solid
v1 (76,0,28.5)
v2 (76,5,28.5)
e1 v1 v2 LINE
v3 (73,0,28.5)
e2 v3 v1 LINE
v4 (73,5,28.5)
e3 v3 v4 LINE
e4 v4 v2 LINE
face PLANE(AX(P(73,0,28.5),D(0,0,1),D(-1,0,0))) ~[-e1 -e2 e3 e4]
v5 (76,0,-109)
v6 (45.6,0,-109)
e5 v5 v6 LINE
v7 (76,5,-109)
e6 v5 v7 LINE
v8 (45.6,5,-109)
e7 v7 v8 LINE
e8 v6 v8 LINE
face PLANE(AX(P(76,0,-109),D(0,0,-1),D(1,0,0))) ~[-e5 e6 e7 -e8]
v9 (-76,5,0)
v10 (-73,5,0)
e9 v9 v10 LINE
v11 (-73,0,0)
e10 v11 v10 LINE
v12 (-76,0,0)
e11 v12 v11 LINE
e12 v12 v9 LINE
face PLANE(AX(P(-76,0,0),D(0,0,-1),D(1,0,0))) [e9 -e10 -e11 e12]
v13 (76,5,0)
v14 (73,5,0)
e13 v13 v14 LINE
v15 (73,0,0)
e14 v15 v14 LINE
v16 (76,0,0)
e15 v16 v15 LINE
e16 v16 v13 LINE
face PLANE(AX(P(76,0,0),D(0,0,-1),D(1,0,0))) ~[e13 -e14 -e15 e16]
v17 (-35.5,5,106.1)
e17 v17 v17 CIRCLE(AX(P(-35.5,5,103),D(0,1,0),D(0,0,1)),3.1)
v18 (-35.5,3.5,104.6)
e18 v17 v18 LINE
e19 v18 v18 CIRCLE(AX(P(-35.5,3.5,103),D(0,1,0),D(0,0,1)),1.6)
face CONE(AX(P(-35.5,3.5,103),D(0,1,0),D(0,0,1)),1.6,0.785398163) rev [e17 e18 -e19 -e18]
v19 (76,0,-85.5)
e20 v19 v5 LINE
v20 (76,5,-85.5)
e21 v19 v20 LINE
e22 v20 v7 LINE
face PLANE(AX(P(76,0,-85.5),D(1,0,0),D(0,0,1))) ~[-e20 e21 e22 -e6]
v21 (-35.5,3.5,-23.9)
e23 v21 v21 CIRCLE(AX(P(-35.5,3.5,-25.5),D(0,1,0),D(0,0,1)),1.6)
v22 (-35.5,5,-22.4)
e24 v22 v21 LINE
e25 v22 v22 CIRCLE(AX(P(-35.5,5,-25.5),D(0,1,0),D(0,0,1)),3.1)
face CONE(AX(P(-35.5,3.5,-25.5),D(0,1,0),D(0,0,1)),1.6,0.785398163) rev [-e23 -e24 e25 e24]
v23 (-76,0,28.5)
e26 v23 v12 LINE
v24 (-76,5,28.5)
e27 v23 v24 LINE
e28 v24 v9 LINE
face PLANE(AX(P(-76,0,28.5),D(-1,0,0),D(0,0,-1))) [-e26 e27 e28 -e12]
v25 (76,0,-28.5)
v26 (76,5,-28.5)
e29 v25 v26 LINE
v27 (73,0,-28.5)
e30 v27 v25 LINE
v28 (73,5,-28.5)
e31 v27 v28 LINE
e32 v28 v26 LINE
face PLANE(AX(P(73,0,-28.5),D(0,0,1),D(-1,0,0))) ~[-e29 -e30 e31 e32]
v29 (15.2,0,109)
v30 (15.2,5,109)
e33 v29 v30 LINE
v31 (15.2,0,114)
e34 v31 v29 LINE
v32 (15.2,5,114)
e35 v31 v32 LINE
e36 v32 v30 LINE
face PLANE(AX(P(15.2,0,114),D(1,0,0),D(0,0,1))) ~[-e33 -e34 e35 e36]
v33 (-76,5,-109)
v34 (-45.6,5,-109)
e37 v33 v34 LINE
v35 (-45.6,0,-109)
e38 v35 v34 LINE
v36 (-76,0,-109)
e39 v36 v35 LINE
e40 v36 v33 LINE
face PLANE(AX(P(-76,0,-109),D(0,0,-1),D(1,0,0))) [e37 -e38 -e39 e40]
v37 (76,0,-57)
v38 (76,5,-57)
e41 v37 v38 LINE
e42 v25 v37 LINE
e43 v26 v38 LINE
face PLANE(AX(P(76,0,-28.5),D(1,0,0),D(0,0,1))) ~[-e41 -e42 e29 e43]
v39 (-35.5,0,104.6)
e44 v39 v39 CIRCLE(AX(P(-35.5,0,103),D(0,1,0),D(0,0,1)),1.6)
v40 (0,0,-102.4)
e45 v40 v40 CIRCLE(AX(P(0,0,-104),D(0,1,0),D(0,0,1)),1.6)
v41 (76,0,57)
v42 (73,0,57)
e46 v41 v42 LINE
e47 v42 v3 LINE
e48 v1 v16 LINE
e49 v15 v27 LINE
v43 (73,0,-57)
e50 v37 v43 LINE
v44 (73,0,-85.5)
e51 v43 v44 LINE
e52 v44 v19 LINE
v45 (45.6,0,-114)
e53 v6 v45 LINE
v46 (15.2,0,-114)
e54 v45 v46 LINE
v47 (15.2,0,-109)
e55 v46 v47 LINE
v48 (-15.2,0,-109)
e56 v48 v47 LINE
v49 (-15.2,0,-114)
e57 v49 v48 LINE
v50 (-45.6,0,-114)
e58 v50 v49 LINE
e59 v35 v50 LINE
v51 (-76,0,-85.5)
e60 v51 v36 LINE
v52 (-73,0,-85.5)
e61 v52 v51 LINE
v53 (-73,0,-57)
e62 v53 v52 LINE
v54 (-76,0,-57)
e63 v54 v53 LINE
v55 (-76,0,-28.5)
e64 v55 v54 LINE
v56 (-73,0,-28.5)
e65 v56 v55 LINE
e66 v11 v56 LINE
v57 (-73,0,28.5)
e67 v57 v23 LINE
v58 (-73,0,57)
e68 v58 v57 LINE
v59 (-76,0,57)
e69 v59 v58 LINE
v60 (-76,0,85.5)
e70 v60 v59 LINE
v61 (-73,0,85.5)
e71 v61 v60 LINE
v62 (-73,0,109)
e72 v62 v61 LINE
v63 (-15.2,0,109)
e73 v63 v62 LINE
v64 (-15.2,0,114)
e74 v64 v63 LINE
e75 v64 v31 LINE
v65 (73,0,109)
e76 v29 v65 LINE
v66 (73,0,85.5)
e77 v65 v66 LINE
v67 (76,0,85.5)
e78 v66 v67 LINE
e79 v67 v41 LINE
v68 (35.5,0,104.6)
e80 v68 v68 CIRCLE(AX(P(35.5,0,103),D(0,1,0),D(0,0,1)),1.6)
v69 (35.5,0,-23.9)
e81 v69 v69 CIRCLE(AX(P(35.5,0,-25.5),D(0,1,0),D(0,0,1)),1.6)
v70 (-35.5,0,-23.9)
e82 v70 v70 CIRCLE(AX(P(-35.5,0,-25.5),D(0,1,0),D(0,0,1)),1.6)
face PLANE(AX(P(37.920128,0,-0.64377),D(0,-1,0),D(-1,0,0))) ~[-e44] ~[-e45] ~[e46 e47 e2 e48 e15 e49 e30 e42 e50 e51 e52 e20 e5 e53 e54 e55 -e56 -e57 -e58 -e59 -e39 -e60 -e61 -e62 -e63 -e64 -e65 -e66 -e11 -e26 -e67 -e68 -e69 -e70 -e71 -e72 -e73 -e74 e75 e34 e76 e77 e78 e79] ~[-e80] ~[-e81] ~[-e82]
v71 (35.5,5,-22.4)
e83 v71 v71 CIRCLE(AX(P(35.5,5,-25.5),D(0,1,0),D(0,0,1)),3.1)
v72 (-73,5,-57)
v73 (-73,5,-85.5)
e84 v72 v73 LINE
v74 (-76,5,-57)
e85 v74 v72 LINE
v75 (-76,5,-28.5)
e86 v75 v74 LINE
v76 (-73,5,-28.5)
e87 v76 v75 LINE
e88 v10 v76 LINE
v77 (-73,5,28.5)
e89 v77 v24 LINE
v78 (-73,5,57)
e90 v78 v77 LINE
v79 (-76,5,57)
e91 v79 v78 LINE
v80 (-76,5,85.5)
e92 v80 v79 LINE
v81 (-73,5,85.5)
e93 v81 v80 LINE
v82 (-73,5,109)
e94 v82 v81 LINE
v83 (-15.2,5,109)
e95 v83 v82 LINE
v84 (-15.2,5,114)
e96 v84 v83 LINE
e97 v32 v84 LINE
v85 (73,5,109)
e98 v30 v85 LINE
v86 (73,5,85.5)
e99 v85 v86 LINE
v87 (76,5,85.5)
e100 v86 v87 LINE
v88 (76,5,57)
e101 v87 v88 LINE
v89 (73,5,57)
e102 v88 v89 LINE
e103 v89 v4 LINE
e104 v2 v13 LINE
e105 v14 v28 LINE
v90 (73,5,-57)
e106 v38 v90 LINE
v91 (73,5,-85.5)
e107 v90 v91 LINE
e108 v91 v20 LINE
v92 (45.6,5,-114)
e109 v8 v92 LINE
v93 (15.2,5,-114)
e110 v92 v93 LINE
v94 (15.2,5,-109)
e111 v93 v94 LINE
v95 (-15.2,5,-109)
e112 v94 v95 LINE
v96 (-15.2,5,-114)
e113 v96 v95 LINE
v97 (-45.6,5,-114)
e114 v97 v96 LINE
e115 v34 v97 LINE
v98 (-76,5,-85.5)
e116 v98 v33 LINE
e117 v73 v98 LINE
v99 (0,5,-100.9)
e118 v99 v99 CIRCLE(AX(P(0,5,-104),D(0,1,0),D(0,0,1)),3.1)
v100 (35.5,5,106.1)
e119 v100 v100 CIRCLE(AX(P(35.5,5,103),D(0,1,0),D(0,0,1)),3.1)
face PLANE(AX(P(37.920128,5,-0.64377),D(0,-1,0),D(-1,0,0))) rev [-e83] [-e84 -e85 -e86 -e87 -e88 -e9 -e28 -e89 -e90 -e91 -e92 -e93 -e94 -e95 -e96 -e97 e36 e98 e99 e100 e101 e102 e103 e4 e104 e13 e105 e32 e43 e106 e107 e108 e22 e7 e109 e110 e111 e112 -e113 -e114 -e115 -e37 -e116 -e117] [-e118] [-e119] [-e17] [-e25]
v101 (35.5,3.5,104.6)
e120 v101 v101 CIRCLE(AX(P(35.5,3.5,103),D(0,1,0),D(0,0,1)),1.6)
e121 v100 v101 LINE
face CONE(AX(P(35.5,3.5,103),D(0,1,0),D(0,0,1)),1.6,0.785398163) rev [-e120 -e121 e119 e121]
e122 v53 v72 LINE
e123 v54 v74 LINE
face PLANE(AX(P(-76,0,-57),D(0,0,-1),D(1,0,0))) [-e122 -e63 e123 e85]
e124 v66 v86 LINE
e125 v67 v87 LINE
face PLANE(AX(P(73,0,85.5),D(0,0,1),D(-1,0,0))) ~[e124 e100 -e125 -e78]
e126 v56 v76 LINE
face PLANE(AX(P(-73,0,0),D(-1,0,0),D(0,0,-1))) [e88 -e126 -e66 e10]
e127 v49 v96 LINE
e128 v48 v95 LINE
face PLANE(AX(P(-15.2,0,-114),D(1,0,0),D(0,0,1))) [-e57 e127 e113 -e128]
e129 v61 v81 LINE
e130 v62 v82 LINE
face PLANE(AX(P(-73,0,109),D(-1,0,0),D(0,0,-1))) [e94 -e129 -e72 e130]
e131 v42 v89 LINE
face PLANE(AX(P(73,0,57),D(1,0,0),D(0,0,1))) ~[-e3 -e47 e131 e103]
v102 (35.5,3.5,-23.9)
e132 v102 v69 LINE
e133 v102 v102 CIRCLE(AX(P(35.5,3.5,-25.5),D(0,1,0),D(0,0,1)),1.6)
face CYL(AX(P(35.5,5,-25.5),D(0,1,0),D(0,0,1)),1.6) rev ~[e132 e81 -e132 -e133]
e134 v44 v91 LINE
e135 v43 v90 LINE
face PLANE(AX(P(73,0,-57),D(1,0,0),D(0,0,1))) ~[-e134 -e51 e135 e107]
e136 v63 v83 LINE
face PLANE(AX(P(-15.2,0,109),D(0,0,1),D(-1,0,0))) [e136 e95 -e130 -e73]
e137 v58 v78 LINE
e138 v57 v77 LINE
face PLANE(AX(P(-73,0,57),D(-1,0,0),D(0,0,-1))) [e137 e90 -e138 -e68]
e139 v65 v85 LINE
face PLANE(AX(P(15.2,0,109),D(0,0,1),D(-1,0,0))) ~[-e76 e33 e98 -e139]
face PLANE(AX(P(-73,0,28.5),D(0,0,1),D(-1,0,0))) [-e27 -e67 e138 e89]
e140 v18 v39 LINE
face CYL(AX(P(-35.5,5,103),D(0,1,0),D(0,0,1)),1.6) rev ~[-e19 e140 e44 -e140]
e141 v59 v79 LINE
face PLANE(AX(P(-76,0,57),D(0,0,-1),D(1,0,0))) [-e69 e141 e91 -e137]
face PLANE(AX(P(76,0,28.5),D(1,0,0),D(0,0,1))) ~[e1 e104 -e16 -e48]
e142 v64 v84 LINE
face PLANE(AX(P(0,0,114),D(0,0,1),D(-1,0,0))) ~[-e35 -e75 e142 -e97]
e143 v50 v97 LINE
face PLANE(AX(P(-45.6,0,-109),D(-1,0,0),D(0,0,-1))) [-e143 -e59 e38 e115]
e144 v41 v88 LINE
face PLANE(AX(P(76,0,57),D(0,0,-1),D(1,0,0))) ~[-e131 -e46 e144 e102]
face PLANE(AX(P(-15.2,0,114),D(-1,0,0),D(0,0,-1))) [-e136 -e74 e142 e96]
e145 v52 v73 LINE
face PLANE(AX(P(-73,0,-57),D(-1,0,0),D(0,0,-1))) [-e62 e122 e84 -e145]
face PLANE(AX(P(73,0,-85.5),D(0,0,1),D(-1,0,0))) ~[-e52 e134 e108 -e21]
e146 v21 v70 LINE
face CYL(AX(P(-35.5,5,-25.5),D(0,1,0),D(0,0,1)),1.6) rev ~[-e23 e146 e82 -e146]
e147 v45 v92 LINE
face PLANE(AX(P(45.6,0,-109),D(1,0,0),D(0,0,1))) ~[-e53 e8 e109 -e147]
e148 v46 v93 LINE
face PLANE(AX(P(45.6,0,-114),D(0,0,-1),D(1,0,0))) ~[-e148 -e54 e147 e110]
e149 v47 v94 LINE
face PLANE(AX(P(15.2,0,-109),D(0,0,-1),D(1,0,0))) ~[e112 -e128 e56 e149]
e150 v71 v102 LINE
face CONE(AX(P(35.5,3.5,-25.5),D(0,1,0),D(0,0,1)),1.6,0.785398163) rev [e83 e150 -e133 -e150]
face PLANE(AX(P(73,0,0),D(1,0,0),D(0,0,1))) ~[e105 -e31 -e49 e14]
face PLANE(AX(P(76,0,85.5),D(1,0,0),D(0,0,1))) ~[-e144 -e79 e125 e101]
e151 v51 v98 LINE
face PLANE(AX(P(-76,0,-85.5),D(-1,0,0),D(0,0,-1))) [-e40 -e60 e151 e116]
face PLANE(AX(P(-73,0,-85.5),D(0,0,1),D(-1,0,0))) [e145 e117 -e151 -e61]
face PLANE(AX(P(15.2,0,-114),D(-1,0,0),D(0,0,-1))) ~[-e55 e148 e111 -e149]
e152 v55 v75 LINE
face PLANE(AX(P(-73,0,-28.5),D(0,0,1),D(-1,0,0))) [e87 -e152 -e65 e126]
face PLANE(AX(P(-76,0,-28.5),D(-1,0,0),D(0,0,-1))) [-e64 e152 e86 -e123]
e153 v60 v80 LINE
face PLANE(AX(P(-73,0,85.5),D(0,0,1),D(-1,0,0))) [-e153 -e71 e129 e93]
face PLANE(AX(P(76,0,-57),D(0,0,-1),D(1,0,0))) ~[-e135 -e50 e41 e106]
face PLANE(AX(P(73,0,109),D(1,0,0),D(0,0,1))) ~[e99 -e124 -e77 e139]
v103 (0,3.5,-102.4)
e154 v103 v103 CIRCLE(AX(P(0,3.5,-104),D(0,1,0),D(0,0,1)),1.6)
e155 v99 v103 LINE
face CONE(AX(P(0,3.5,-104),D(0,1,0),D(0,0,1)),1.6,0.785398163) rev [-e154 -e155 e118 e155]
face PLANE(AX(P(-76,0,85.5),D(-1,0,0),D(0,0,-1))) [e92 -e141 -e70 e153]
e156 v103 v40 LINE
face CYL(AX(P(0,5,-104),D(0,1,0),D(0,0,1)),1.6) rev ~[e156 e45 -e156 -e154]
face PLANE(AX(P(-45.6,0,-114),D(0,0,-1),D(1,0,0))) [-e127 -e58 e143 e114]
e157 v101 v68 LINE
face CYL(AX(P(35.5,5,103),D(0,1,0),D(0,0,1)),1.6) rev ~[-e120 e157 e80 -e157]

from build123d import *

# Parameters (mm, degrees)
BOSS_EXTRUDE1_DEPTH = 5
SKETCH2_R           = 1.6
CUT_EXTRUDE1_DEPTH  = 138.102151697
CHAMFER1_SIZE       = 1.5


with BuildPart() as part:
    # Sketch1 → Boss-Extrude1 (new body)
    with BuildSketch(Plane(origin=(0, 0, 0), x_dir=(1, 0, 0), z_dir=(0, 1, 0))):
        Polygon((0, -114), (-15.2, -114), (-15.2, -109), (-73, -109), (-73, -85.5), (-76, -85.5), (-76, -57), (-73, -57), (-73, -28.5), (-76, -28.5), (-76, 0), (-73, 0), (-73, 28.5), (-76, 28.5), (-76, 57), (-73, 57), (-73, 85.5), (-76, 85.5), (-76, 109), (-45.6, 109), (-45.6, 114), (-15.2, 114), (-15.2, 109), (0, 109), align=None)
    boss_extrude1 = extrude(amount=BOSS_EXTRUDE1_DEPTH)

    # Mirror1: Boss-Extrude1 across plane
    add(boss_extrude1.mirror(Plane(origin=(0, 5, 0), x_dir=(0, 0, 1), z_dir=(1, 0, 0))))

    # Sketch2 → Cut-Extrude1 (cut, through all)
    with BuildSketch(Plane(origin=(0, 5, 0), x_dir=(1, 0, 0), z_dir=(0, 1, 0))):
        with Locations(Location((0, 104, 0), (0, 0, 270))):
            Circle(SKETCH2_R)
        with Locations(Location((-35.5, 25.5, 0), (0, 0, 270))):
            Circle(SKETCH2_R)
        with Locations(Location((35.5, 25.5, 0), (0, 0, 270))):
            Circle(SKETCH2_R)
        with Locations(Location((-35.5, -103, 0), (0, 0, 270))):
            Circle(SKETCH2_R)
        with Locations(Location((35.5, -103, 0), (0, 0, 270))):
            Circle(SKETCH2_R)
    extrude(amount=-CUT_EXTRUDE1_DEPTH, mode=Mode.SUBTRACT)

    # Chamfer1
    chamfer1_edges = [part.edges().sort_by_distance(p)[0] for p in [
        (0, 5, -105.6),
        (35.5, 5, -27.1),
        (-35.5, 5, -27.1),
        (-35.5, 5, 101.4),
        (35.5, 5, 101.4),
    ]]
    chamfer(chamfer1_edges, length=CHAMFER1_SIZE)


solid = part.part
